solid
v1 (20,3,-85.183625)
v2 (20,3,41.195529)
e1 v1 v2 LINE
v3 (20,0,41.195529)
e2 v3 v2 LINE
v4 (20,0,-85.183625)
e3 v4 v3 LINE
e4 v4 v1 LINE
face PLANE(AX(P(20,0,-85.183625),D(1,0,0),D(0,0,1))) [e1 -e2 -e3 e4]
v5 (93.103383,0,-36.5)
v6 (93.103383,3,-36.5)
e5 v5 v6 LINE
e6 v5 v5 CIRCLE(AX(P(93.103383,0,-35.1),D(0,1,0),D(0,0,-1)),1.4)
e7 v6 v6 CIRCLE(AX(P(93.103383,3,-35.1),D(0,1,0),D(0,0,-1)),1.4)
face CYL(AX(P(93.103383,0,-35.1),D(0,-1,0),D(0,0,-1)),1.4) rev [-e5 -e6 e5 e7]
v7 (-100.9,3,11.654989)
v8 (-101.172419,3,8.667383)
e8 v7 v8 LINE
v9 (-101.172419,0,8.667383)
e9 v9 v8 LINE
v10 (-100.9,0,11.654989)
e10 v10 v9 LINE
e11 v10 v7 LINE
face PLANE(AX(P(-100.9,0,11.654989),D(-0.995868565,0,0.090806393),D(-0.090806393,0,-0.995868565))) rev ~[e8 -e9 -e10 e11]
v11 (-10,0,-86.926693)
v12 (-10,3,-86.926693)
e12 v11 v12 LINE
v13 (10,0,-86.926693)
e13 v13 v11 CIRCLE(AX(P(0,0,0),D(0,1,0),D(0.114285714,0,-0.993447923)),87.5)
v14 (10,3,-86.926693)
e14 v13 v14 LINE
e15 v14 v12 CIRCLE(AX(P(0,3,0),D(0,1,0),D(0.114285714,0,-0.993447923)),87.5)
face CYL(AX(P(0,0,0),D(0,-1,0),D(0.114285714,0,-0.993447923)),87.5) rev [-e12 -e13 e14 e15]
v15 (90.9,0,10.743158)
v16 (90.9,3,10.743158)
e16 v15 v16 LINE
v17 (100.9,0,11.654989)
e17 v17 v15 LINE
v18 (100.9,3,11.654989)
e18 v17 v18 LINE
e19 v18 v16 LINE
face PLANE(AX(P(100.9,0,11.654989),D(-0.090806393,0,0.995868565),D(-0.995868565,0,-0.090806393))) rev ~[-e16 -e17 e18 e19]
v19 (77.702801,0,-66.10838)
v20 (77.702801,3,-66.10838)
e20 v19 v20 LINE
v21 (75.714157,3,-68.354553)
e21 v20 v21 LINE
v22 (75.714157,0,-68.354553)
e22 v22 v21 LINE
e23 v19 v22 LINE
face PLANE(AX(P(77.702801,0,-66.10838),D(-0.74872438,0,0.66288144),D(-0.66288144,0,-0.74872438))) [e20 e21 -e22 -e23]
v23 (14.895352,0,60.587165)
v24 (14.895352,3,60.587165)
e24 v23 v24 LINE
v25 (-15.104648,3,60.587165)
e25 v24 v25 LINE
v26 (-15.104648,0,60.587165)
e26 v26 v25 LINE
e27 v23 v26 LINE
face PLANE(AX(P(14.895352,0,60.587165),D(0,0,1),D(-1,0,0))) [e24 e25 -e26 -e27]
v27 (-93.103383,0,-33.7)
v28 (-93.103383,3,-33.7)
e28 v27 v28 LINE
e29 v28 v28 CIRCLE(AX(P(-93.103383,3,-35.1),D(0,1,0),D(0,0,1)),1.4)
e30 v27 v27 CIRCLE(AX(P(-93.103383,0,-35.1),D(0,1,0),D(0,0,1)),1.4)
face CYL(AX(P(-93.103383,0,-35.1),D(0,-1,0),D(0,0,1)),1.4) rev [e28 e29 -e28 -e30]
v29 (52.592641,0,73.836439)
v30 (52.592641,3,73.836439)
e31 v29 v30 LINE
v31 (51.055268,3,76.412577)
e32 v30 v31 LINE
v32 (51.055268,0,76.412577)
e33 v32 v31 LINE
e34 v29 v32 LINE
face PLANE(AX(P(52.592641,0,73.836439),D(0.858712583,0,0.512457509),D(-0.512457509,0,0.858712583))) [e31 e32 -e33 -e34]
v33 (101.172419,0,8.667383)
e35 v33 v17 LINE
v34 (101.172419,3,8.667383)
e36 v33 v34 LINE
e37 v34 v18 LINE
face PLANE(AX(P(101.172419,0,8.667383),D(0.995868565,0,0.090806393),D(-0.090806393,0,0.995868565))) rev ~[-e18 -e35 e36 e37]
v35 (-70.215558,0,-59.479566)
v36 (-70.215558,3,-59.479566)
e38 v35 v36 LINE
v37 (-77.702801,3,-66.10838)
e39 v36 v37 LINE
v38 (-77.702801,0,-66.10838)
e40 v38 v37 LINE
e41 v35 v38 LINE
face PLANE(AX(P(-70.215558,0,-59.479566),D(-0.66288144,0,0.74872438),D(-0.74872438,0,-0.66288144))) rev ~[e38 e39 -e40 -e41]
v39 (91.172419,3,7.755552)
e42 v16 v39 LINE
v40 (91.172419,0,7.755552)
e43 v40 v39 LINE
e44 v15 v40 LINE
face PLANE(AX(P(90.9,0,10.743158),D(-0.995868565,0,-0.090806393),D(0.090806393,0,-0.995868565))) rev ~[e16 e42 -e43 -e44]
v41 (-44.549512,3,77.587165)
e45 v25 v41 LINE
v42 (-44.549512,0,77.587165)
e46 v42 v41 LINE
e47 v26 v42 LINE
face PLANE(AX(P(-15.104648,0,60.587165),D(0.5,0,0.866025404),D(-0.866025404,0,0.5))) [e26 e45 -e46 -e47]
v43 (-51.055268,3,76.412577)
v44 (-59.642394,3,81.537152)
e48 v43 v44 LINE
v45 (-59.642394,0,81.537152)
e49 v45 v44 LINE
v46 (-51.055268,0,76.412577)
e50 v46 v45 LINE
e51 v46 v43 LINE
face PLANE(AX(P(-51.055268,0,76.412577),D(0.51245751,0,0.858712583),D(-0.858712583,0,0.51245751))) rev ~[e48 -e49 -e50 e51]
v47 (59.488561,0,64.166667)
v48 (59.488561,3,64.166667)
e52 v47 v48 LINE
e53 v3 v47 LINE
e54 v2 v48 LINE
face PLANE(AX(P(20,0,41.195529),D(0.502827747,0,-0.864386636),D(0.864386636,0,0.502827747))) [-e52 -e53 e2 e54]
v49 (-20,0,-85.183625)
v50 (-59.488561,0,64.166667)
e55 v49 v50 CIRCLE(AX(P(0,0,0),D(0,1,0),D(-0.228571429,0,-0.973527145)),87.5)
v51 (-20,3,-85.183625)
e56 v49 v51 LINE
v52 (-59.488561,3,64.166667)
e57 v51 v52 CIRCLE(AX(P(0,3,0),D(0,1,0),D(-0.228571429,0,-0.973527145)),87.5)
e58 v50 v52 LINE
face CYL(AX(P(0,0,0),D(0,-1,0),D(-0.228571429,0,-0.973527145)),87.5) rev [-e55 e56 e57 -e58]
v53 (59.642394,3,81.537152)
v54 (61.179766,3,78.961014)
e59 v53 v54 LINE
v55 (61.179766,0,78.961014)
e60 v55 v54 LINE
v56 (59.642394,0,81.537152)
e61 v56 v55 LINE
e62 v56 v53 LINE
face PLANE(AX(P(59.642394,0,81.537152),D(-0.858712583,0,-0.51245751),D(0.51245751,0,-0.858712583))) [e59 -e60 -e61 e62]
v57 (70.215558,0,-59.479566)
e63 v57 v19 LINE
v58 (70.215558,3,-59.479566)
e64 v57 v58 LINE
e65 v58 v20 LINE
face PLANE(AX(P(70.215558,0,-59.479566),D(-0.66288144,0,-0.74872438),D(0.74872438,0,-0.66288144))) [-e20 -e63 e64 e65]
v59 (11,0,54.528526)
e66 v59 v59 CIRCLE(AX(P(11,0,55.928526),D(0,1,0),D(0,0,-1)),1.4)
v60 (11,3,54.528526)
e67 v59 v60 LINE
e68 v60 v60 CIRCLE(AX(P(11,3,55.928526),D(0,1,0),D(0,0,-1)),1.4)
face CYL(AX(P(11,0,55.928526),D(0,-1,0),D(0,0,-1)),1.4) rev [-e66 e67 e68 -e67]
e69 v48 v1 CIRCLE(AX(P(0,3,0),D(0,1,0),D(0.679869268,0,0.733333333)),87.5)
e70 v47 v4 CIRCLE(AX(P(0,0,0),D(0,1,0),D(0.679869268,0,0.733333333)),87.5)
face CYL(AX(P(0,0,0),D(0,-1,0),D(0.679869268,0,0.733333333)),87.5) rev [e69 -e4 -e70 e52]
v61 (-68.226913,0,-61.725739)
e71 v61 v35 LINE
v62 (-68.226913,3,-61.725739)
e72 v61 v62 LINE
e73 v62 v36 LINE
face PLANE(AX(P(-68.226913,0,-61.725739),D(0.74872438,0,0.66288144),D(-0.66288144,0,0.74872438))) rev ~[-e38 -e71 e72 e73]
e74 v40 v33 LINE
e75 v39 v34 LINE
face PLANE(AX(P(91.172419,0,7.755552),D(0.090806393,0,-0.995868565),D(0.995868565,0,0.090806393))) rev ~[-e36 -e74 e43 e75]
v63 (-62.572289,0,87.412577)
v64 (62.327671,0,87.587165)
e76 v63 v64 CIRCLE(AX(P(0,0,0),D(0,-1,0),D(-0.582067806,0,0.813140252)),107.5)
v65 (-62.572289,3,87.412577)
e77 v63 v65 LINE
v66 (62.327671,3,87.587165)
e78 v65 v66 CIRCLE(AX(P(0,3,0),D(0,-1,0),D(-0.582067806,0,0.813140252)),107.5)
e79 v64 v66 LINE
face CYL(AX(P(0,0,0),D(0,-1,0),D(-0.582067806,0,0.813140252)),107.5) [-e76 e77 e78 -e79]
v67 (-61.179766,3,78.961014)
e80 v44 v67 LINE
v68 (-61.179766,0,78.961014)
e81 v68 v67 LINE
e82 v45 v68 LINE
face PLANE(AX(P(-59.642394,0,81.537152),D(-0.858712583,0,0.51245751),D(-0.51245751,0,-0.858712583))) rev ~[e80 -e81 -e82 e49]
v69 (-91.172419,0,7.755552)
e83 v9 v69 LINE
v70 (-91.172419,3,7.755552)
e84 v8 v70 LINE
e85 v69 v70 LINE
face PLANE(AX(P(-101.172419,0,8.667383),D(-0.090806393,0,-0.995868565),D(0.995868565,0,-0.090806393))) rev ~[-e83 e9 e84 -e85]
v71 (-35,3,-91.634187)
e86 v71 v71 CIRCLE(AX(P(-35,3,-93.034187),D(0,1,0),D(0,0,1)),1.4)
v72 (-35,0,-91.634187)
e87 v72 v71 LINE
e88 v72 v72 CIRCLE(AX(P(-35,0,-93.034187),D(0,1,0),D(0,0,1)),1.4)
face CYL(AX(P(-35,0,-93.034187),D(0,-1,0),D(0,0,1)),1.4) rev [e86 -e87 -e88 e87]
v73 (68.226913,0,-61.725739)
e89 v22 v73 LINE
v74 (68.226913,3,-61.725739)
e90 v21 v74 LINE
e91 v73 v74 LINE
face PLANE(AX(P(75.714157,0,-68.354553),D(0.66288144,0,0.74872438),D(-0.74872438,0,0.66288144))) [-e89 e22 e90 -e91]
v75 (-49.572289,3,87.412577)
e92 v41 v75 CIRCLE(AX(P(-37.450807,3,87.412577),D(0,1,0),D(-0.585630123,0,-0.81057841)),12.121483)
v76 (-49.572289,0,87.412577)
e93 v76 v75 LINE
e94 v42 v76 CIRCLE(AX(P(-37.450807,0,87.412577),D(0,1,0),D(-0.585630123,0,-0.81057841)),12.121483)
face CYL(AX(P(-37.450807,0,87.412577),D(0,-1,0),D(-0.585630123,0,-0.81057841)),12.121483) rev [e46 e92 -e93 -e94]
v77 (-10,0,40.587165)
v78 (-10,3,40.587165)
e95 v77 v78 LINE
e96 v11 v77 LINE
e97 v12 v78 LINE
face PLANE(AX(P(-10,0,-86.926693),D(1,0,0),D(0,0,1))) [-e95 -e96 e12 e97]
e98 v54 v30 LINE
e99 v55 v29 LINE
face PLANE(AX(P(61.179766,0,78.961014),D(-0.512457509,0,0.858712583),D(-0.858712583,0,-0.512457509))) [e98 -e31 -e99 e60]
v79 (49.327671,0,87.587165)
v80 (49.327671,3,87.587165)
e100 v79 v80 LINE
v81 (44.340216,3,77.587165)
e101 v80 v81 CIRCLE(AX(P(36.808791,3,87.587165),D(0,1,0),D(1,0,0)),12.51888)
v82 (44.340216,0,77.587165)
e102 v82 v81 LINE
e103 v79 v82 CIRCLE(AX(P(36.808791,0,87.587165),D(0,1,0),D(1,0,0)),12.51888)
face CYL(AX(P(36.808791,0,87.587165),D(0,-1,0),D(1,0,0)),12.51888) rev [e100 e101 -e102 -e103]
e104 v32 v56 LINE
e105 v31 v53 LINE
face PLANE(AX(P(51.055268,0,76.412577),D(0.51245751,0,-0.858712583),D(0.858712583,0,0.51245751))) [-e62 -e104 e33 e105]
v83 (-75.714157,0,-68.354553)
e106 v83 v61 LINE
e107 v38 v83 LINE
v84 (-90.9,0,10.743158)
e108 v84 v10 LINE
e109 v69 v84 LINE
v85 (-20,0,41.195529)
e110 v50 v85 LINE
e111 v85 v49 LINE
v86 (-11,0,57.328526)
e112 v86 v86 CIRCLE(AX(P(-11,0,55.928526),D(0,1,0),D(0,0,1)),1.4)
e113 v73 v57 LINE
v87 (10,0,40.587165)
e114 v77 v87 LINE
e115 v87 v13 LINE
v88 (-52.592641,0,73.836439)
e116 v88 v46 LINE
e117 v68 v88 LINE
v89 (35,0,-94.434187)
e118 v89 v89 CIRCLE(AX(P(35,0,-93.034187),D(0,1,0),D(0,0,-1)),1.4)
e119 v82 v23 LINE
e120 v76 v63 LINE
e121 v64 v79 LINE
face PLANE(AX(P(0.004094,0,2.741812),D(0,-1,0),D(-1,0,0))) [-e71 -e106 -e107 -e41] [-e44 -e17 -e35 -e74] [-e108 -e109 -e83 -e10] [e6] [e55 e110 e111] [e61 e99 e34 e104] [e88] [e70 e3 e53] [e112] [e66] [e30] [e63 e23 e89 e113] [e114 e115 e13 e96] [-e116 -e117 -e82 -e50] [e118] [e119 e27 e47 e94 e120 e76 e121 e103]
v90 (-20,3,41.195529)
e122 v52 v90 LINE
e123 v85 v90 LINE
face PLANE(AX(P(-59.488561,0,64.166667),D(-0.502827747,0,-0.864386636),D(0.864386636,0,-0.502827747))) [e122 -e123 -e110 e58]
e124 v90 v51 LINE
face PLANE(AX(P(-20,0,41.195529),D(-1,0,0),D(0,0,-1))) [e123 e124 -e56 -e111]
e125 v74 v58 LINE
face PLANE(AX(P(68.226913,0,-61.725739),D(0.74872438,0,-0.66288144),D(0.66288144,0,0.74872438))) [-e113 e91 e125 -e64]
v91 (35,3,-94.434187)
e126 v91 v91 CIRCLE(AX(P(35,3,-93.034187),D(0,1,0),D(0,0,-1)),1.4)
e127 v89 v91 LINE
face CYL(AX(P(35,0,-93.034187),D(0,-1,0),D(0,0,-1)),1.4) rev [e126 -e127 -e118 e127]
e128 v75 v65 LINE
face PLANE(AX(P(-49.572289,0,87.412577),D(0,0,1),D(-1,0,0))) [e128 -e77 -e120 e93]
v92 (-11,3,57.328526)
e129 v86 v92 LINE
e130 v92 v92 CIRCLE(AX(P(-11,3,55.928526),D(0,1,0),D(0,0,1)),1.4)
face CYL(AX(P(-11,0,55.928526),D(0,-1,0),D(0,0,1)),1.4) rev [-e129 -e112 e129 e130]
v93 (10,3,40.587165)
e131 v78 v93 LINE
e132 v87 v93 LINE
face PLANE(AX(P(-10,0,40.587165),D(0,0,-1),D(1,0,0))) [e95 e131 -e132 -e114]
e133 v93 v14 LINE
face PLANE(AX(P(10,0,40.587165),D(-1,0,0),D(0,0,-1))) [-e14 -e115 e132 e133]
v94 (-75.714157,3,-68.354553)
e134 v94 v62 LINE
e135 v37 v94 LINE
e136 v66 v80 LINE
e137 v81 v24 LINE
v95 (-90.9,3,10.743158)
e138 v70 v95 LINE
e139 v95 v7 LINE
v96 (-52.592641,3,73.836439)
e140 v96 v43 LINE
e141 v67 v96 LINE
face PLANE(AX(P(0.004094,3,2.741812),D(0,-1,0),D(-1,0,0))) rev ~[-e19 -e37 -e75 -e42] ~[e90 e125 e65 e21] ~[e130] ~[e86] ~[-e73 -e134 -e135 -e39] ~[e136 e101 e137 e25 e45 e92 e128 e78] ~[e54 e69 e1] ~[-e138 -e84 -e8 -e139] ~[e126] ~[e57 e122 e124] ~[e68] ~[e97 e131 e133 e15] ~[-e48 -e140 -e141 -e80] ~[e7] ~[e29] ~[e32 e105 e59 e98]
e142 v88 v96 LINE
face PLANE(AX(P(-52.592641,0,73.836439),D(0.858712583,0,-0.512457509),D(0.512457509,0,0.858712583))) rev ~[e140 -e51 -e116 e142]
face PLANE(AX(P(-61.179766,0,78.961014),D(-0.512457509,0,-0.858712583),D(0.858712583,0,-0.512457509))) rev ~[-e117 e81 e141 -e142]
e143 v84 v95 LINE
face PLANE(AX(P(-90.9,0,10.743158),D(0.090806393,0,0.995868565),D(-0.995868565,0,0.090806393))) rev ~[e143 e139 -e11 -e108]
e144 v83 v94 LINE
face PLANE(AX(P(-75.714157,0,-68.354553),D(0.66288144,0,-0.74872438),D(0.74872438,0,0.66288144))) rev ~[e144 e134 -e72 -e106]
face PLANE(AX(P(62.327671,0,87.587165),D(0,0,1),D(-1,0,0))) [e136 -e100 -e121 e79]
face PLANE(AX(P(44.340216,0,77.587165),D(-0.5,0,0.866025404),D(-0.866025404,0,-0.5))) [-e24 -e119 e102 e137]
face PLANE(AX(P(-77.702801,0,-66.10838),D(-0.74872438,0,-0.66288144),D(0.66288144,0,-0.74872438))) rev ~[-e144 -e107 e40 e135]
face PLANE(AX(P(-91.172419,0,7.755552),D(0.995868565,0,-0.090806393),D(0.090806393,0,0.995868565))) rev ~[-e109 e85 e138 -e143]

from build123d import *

# Parameters (mm, degrees)
SKETCH5_R           = 1.4
BOSS_EXTRUDE1_DEPTH = 3


with BuildPart() as part:
    # Sketch5 → Boss-Extrude1 (new body)
    with BuildSketch(Plane(origin=(0, 0, 0), x_dir=(1, 0, 0), z_dir=(0, 1, 0))):
        with BuildLine():
            Line((-49.57228919, -87.412577044), (-62.57228919, -87.412577044))
            ThreePointArc((-62.57228919, -87.412577044), (0.15026567, 107.499894978), (62.32767078, -87.5871649))
            Line((62.32767078, -87.5871649), (49.32767078, -87.5871649))
            ThreePointArc((49.32767078, -87.5871649), (48.011633262, -81.999797234), (44.340215544, -77.5871649))
            Line((44.340215544, -77.5871649), (14.895351815, -60.5871649))
            Line((14.895351815, -60.5871649), (-15.104648185, -60.5871649))
            Line((-15.104648185, -60.5871649), (-44.549511914, -77.5871649))
            ThreePointArc((-44.549511914, -77.5871649), (-48.243794441, -81.895172415), (-49.57228919, -87.412577044))
        make_face()
        with Locations(Location((-93.103383397, 35.1, 0), (0, 0, 270))):
            Circle(SKETCH5_R, mode=Mode.SUBTRACT)
        with Locations(Location((35, 93.034187265, 0), (0, 0, 90))):
            Circle(SKETCH5_R, mode=Mode.SUBTRACT)
        with Locations(Location((-35, 93.034187265, 0), (0, 0, 270))):
            Circle(SKETCH5_R, mode=Mode.SUBTRACT)
        with Locations(Location((93.103383397, 35.1, 0), (0, 0, 90))):
            Circle(SKETCH5_R, mode=Mode.SUBTRACT)
        with Locations(Location((-11, -55.928525816, 0), (0, 0, 270))):
            Circle(SKETCH5_R, mode=Mode.SUBTRACT)
        with Locations(Location((11, -55.928525816, 0), (0, 0, 90))):
            Circle(SKETCH5_R, mode=Mode.SUBTRACT)
        with BuildLine():
            Line((-59.488560992, -64.166666667), (-20, -41.195529316))
            Line((-20, -41.195529316), (-20, 85.183625187))
            ThreePointArc((-20, 85.183625187), (-84.593056756, 22.366598952), (-59.488560992, -64.166666667))
        make_face(mode=Mode.SUBTRACT)
        with BuildLine():
            Line((-10, -40.5871649), (10, -40.5871649))
            Line((10, -40.5871649), (10, 86.926693254))
            ThreePointArc((10, 86.926693254), (0, 87.5), (-10, 86.926693254))
            Line((-10, 86.926693254), (-10, -40.5871649))
        make_face(mode=Mode.SUBTRACT)
        with BuildLine():
            Line((20, -41.195529316), (59.488560992, -64.166666667))
            ThreePointArc((59.488560992, -64.166666667), (84.593056756, 22.366598952), (20, 85.183625187))
            Line((20, 85.183625187), (20, -41.195529316))
        make_face(mode=Mode.SUBTRACT)
        Polygon((-100.9, -11.654989132), (-101.17241918, -8.667383437), (-91.17241918, -7.755552333), (-90.9, -10.743158028), align=None, mode=Mode.SUBTRACT)
        Polygon((-77.70280139, 66.108380167), (-75.71415707, 68.354553306), (-68.226913275, 61.725738906), (-70.215557595, 59.479565767), align=None, mode=Mode.SUBTRACT)
        Polygon((77.70280139, 66.108380167), (75.71415707, 68.354553306), (68.226913275, 61.725738906), (70.215557595, 59.479565767), align=None, mode=Mode.SUBTRACT)
        Polygon((100.9, -11.654989132), (90.9, -10.743158028), (91.17241918, -7.755552333), (101.17241918, -8.667383437), align=None, mode=Mode.SUBTRACT)
        Polygon((-61.179766354, -78.961014389), (-52.592640519, -73.836439294), (-51.055267991, -76.412577044), (-59.642393825, -81.537152139), align=None, mode=Mode.SUBTRACT)
        Polygon((52.592640519, -73.836439294), (51.055267991, -76.412577044), (59.642393825, -81.537152139), (61.179766354, -78.961014389), align=None, mode=Mode.SUBTRACT)
    extrude(amount=BOSS_EXTRUDE1_DEPTH)


solid = part.part
